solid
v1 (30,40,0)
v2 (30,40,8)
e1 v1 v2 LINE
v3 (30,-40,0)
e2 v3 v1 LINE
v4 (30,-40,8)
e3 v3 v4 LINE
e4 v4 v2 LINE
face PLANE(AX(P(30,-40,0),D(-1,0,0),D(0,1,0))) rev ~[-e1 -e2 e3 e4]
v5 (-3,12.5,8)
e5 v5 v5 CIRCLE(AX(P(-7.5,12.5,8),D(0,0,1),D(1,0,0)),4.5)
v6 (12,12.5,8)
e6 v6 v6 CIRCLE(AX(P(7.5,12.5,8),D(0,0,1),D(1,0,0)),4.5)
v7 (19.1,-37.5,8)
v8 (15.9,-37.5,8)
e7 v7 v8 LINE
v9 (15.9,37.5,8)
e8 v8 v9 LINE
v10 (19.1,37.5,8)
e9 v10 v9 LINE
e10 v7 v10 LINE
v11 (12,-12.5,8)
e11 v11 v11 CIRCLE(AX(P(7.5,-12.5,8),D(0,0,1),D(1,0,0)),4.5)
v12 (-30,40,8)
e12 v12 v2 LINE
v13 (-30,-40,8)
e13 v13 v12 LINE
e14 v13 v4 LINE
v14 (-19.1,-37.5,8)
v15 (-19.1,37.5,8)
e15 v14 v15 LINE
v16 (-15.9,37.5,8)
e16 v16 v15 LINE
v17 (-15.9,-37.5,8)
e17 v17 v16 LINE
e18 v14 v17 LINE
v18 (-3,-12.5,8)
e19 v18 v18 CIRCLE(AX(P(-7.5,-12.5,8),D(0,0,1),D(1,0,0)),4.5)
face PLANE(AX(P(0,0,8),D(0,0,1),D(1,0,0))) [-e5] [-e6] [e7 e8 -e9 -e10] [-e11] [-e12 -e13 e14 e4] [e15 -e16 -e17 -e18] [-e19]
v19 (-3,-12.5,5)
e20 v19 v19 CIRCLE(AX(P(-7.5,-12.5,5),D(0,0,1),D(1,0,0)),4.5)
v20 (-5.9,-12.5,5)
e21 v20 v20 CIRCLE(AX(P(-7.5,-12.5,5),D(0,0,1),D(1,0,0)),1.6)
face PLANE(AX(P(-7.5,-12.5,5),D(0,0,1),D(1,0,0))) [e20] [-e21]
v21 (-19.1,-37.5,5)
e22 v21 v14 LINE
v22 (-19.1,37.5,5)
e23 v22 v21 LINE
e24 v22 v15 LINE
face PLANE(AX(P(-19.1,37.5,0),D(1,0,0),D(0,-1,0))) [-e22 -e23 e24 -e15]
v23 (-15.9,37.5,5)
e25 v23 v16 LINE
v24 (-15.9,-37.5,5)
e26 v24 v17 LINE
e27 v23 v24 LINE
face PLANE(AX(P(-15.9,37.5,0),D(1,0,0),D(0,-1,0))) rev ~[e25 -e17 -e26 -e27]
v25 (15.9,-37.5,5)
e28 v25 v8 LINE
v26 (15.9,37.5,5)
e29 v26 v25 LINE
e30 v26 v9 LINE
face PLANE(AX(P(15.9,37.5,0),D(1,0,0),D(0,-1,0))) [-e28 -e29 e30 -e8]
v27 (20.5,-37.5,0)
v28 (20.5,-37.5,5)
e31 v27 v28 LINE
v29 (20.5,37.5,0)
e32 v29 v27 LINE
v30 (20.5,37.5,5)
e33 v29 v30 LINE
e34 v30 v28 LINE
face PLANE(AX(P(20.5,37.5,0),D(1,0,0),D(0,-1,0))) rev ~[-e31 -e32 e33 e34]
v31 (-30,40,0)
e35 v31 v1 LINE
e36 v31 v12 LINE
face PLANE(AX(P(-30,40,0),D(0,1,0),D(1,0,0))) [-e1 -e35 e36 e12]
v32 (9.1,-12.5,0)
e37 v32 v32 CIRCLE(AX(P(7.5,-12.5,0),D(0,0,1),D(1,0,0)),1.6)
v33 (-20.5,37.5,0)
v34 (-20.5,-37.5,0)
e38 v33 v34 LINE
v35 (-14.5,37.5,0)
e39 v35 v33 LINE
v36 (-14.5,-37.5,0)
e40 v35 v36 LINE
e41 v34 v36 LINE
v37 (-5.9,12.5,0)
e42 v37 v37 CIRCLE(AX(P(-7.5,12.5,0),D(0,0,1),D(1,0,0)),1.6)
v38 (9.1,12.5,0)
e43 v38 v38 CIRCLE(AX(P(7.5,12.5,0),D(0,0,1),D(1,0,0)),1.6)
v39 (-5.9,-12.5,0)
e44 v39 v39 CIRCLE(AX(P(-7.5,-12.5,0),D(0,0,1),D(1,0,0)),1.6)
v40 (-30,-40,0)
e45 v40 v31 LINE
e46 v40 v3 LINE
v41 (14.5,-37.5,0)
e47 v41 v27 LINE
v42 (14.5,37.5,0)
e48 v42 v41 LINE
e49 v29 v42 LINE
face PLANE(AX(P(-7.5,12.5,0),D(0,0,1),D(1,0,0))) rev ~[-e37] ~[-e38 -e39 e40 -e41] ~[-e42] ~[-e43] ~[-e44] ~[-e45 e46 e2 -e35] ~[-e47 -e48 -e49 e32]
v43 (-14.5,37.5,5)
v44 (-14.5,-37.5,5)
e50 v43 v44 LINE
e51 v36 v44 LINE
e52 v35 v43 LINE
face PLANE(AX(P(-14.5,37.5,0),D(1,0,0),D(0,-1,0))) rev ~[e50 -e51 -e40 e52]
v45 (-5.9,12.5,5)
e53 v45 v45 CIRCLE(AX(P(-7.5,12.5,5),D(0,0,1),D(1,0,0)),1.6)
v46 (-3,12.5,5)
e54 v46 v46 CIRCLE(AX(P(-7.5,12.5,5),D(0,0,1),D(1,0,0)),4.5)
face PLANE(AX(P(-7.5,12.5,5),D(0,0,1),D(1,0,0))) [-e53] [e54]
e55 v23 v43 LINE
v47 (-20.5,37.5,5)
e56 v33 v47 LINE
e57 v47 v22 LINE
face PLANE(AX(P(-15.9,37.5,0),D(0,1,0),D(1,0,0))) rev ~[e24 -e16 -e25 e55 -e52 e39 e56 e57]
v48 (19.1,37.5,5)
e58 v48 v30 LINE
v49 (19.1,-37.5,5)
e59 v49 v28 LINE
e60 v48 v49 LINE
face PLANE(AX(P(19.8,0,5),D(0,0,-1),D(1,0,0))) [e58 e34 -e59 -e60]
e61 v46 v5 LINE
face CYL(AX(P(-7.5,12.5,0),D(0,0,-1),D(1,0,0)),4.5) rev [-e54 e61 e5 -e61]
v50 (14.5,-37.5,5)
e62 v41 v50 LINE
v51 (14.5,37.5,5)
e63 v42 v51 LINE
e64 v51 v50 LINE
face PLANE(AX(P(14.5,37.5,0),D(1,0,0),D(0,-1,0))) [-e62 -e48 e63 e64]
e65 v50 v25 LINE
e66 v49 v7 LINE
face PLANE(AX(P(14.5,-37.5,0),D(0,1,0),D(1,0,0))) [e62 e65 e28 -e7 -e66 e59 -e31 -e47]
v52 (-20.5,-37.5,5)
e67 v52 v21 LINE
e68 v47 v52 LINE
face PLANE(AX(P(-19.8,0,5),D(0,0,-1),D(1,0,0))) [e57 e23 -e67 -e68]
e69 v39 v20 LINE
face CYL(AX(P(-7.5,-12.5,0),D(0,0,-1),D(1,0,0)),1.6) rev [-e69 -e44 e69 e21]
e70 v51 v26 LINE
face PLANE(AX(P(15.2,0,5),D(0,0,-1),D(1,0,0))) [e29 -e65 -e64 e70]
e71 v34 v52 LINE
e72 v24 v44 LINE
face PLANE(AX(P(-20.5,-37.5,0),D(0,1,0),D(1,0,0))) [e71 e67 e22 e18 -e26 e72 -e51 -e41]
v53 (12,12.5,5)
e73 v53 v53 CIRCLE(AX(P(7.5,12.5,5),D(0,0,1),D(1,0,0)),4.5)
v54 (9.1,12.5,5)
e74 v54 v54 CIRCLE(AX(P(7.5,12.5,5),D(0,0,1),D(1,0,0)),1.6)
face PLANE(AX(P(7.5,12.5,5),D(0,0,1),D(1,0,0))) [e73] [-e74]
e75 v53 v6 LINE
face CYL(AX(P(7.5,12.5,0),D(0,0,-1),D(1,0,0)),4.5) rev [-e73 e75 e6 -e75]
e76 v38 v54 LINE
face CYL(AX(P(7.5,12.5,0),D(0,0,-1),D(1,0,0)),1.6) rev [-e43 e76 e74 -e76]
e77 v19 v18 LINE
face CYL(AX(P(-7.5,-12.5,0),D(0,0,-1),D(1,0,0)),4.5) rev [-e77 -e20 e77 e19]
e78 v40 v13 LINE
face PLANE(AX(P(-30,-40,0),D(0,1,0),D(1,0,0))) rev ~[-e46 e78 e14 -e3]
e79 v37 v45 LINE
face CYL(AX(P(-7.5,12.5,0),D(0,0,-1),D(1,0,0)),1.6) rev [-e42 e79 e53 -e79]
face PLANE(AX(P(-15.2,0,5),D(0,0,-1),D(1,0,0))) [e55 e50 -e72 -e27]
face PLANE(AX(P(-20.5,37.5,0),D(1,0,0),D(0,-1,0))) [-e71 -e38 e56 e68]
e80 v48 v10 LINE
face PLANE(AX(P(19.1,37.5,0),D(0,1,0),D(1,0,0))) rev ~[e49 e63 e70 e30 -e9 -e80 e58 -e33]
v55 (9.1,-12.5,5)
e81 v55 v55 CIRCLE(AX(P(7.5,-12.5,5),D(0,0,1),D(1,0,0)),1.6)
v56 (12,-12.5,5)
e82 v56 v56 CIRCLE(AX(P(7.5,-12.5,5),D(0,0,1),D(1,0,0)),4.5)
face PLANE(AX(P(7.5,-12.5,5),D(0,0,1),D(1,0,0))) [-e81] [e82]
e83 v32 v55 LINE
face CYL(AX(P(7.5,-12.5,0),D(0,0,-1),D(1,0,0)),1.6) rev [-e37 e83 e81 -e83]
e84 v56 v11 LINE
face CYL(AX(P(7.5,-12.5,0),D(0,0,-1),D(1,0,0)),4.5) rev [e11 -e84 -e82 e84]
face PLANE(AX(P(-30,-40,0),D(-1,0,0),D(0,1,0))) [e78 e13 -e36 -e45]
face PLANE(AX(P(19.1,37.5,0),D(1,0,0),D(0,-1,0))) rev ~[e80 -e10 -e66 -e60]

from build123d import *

# Parameters (mm, degrees)
F0_W     = 60
F0_H     = 80
F0_R     = 4.5
F1_DEPTH = 8
F0_R_2   = 1.6
F2_DEPTH = 5
F3_W     = 1.4
F3_H     = 75
F4_DEPTH = 5
F3_W_2   = 1.6
F3_W_3   = 3.2
F5_DEPTH = 25


with BuildPart() as f1:
    # F0 (on Top) → F1 (new body)
    with BuildSketch(Plane.XY):
        Rectangle(F0_W, F0_H)
        with Locations((-7.5, -12.5)):
            Circle(F0_R, mode=Mode.SUBTRACT)
        with Locations((7.5, -12.5)):
            Circle(F0_R, mode=Mode.SUBTRACT)
        with Locations((-7.5, 12.5)):
            Circle(F0_R, mode=Mode.SUBTRACT)
        with Locations((7.5, 12.5)):
            Circle(F0_R, mode=Mode.SUBTRACT)
    extrude(amount=F1_DEPTH)

    # F0 (on Top) → F2 (join)
    with BuildSketch(Plane.XY):
        with Locations((-7.5, 12.5)):
            Circle(F0_R)
        with Locations((-7.5, 12.5)):
            Circle(F0_R_2, mode=Mode.SUBTRACT)
        with Locations((-7.5, -12.5)):
            Circle(F0_R)
        with Locations((-7.5, -12.5)):
            Circle(F0_R_2, mode=Mode.SUBTRACT)
        with Locations((7.5, -12.5)):
            Circle(F0_R)
        with Locations((7.5, -12.5)):
            Circle(F0_R_2, mode=Mode.SUBTRACT)
        with Locations((7.5, 12.5)):
            Circle(F0_R)
        with Locations((7.5, 12.5)):
            Circle(F0_R_2, mode=Mode.SUBTRACT)
    extrude(amount=F2_DEPTH)

    # F3 (on face) → F4 (cut)
    with BuildSketch(Plane(origin=(0, 0, 0), x_dir=(1, 0, 0), z_dir=(0, 0, -1))):
        with Locations((-19.8, 0)):
            Rectangle(F3_W, F3_H)
        with Locations((-15.2, 0)):
            Rectangle(F3_W, F3_H)
        with Locations((15.2, 0)):
            Rectangle(F3_W, F3_H)
        with Locations((19.8, 0)):
            Rectangle(F3_W, F3_H)
    extrude(amount=-F4_DEPTH, mode=Mode.SUBTRACT)

    # F3 (on face) → F5 (cut)
    with BuildSketch(Plane(origin=(0, 0, 0), x_dir=(1, 0, 0), z_dir=(0, 0, -1))):
        with Locations((-18.3, 0)):
            Rectangle(F3_W_2, F3_H)
        with Locations((-16.7, 0)):
            Rectangle(F3_W_2, F3_H)
        with Locations((17.5, 0)):
            Rectangle(F3_W_3, F3_H)
    extrude(amount=-F5_DEPTH, mode=Mode.SUBTRACT)


solid = f1.part
